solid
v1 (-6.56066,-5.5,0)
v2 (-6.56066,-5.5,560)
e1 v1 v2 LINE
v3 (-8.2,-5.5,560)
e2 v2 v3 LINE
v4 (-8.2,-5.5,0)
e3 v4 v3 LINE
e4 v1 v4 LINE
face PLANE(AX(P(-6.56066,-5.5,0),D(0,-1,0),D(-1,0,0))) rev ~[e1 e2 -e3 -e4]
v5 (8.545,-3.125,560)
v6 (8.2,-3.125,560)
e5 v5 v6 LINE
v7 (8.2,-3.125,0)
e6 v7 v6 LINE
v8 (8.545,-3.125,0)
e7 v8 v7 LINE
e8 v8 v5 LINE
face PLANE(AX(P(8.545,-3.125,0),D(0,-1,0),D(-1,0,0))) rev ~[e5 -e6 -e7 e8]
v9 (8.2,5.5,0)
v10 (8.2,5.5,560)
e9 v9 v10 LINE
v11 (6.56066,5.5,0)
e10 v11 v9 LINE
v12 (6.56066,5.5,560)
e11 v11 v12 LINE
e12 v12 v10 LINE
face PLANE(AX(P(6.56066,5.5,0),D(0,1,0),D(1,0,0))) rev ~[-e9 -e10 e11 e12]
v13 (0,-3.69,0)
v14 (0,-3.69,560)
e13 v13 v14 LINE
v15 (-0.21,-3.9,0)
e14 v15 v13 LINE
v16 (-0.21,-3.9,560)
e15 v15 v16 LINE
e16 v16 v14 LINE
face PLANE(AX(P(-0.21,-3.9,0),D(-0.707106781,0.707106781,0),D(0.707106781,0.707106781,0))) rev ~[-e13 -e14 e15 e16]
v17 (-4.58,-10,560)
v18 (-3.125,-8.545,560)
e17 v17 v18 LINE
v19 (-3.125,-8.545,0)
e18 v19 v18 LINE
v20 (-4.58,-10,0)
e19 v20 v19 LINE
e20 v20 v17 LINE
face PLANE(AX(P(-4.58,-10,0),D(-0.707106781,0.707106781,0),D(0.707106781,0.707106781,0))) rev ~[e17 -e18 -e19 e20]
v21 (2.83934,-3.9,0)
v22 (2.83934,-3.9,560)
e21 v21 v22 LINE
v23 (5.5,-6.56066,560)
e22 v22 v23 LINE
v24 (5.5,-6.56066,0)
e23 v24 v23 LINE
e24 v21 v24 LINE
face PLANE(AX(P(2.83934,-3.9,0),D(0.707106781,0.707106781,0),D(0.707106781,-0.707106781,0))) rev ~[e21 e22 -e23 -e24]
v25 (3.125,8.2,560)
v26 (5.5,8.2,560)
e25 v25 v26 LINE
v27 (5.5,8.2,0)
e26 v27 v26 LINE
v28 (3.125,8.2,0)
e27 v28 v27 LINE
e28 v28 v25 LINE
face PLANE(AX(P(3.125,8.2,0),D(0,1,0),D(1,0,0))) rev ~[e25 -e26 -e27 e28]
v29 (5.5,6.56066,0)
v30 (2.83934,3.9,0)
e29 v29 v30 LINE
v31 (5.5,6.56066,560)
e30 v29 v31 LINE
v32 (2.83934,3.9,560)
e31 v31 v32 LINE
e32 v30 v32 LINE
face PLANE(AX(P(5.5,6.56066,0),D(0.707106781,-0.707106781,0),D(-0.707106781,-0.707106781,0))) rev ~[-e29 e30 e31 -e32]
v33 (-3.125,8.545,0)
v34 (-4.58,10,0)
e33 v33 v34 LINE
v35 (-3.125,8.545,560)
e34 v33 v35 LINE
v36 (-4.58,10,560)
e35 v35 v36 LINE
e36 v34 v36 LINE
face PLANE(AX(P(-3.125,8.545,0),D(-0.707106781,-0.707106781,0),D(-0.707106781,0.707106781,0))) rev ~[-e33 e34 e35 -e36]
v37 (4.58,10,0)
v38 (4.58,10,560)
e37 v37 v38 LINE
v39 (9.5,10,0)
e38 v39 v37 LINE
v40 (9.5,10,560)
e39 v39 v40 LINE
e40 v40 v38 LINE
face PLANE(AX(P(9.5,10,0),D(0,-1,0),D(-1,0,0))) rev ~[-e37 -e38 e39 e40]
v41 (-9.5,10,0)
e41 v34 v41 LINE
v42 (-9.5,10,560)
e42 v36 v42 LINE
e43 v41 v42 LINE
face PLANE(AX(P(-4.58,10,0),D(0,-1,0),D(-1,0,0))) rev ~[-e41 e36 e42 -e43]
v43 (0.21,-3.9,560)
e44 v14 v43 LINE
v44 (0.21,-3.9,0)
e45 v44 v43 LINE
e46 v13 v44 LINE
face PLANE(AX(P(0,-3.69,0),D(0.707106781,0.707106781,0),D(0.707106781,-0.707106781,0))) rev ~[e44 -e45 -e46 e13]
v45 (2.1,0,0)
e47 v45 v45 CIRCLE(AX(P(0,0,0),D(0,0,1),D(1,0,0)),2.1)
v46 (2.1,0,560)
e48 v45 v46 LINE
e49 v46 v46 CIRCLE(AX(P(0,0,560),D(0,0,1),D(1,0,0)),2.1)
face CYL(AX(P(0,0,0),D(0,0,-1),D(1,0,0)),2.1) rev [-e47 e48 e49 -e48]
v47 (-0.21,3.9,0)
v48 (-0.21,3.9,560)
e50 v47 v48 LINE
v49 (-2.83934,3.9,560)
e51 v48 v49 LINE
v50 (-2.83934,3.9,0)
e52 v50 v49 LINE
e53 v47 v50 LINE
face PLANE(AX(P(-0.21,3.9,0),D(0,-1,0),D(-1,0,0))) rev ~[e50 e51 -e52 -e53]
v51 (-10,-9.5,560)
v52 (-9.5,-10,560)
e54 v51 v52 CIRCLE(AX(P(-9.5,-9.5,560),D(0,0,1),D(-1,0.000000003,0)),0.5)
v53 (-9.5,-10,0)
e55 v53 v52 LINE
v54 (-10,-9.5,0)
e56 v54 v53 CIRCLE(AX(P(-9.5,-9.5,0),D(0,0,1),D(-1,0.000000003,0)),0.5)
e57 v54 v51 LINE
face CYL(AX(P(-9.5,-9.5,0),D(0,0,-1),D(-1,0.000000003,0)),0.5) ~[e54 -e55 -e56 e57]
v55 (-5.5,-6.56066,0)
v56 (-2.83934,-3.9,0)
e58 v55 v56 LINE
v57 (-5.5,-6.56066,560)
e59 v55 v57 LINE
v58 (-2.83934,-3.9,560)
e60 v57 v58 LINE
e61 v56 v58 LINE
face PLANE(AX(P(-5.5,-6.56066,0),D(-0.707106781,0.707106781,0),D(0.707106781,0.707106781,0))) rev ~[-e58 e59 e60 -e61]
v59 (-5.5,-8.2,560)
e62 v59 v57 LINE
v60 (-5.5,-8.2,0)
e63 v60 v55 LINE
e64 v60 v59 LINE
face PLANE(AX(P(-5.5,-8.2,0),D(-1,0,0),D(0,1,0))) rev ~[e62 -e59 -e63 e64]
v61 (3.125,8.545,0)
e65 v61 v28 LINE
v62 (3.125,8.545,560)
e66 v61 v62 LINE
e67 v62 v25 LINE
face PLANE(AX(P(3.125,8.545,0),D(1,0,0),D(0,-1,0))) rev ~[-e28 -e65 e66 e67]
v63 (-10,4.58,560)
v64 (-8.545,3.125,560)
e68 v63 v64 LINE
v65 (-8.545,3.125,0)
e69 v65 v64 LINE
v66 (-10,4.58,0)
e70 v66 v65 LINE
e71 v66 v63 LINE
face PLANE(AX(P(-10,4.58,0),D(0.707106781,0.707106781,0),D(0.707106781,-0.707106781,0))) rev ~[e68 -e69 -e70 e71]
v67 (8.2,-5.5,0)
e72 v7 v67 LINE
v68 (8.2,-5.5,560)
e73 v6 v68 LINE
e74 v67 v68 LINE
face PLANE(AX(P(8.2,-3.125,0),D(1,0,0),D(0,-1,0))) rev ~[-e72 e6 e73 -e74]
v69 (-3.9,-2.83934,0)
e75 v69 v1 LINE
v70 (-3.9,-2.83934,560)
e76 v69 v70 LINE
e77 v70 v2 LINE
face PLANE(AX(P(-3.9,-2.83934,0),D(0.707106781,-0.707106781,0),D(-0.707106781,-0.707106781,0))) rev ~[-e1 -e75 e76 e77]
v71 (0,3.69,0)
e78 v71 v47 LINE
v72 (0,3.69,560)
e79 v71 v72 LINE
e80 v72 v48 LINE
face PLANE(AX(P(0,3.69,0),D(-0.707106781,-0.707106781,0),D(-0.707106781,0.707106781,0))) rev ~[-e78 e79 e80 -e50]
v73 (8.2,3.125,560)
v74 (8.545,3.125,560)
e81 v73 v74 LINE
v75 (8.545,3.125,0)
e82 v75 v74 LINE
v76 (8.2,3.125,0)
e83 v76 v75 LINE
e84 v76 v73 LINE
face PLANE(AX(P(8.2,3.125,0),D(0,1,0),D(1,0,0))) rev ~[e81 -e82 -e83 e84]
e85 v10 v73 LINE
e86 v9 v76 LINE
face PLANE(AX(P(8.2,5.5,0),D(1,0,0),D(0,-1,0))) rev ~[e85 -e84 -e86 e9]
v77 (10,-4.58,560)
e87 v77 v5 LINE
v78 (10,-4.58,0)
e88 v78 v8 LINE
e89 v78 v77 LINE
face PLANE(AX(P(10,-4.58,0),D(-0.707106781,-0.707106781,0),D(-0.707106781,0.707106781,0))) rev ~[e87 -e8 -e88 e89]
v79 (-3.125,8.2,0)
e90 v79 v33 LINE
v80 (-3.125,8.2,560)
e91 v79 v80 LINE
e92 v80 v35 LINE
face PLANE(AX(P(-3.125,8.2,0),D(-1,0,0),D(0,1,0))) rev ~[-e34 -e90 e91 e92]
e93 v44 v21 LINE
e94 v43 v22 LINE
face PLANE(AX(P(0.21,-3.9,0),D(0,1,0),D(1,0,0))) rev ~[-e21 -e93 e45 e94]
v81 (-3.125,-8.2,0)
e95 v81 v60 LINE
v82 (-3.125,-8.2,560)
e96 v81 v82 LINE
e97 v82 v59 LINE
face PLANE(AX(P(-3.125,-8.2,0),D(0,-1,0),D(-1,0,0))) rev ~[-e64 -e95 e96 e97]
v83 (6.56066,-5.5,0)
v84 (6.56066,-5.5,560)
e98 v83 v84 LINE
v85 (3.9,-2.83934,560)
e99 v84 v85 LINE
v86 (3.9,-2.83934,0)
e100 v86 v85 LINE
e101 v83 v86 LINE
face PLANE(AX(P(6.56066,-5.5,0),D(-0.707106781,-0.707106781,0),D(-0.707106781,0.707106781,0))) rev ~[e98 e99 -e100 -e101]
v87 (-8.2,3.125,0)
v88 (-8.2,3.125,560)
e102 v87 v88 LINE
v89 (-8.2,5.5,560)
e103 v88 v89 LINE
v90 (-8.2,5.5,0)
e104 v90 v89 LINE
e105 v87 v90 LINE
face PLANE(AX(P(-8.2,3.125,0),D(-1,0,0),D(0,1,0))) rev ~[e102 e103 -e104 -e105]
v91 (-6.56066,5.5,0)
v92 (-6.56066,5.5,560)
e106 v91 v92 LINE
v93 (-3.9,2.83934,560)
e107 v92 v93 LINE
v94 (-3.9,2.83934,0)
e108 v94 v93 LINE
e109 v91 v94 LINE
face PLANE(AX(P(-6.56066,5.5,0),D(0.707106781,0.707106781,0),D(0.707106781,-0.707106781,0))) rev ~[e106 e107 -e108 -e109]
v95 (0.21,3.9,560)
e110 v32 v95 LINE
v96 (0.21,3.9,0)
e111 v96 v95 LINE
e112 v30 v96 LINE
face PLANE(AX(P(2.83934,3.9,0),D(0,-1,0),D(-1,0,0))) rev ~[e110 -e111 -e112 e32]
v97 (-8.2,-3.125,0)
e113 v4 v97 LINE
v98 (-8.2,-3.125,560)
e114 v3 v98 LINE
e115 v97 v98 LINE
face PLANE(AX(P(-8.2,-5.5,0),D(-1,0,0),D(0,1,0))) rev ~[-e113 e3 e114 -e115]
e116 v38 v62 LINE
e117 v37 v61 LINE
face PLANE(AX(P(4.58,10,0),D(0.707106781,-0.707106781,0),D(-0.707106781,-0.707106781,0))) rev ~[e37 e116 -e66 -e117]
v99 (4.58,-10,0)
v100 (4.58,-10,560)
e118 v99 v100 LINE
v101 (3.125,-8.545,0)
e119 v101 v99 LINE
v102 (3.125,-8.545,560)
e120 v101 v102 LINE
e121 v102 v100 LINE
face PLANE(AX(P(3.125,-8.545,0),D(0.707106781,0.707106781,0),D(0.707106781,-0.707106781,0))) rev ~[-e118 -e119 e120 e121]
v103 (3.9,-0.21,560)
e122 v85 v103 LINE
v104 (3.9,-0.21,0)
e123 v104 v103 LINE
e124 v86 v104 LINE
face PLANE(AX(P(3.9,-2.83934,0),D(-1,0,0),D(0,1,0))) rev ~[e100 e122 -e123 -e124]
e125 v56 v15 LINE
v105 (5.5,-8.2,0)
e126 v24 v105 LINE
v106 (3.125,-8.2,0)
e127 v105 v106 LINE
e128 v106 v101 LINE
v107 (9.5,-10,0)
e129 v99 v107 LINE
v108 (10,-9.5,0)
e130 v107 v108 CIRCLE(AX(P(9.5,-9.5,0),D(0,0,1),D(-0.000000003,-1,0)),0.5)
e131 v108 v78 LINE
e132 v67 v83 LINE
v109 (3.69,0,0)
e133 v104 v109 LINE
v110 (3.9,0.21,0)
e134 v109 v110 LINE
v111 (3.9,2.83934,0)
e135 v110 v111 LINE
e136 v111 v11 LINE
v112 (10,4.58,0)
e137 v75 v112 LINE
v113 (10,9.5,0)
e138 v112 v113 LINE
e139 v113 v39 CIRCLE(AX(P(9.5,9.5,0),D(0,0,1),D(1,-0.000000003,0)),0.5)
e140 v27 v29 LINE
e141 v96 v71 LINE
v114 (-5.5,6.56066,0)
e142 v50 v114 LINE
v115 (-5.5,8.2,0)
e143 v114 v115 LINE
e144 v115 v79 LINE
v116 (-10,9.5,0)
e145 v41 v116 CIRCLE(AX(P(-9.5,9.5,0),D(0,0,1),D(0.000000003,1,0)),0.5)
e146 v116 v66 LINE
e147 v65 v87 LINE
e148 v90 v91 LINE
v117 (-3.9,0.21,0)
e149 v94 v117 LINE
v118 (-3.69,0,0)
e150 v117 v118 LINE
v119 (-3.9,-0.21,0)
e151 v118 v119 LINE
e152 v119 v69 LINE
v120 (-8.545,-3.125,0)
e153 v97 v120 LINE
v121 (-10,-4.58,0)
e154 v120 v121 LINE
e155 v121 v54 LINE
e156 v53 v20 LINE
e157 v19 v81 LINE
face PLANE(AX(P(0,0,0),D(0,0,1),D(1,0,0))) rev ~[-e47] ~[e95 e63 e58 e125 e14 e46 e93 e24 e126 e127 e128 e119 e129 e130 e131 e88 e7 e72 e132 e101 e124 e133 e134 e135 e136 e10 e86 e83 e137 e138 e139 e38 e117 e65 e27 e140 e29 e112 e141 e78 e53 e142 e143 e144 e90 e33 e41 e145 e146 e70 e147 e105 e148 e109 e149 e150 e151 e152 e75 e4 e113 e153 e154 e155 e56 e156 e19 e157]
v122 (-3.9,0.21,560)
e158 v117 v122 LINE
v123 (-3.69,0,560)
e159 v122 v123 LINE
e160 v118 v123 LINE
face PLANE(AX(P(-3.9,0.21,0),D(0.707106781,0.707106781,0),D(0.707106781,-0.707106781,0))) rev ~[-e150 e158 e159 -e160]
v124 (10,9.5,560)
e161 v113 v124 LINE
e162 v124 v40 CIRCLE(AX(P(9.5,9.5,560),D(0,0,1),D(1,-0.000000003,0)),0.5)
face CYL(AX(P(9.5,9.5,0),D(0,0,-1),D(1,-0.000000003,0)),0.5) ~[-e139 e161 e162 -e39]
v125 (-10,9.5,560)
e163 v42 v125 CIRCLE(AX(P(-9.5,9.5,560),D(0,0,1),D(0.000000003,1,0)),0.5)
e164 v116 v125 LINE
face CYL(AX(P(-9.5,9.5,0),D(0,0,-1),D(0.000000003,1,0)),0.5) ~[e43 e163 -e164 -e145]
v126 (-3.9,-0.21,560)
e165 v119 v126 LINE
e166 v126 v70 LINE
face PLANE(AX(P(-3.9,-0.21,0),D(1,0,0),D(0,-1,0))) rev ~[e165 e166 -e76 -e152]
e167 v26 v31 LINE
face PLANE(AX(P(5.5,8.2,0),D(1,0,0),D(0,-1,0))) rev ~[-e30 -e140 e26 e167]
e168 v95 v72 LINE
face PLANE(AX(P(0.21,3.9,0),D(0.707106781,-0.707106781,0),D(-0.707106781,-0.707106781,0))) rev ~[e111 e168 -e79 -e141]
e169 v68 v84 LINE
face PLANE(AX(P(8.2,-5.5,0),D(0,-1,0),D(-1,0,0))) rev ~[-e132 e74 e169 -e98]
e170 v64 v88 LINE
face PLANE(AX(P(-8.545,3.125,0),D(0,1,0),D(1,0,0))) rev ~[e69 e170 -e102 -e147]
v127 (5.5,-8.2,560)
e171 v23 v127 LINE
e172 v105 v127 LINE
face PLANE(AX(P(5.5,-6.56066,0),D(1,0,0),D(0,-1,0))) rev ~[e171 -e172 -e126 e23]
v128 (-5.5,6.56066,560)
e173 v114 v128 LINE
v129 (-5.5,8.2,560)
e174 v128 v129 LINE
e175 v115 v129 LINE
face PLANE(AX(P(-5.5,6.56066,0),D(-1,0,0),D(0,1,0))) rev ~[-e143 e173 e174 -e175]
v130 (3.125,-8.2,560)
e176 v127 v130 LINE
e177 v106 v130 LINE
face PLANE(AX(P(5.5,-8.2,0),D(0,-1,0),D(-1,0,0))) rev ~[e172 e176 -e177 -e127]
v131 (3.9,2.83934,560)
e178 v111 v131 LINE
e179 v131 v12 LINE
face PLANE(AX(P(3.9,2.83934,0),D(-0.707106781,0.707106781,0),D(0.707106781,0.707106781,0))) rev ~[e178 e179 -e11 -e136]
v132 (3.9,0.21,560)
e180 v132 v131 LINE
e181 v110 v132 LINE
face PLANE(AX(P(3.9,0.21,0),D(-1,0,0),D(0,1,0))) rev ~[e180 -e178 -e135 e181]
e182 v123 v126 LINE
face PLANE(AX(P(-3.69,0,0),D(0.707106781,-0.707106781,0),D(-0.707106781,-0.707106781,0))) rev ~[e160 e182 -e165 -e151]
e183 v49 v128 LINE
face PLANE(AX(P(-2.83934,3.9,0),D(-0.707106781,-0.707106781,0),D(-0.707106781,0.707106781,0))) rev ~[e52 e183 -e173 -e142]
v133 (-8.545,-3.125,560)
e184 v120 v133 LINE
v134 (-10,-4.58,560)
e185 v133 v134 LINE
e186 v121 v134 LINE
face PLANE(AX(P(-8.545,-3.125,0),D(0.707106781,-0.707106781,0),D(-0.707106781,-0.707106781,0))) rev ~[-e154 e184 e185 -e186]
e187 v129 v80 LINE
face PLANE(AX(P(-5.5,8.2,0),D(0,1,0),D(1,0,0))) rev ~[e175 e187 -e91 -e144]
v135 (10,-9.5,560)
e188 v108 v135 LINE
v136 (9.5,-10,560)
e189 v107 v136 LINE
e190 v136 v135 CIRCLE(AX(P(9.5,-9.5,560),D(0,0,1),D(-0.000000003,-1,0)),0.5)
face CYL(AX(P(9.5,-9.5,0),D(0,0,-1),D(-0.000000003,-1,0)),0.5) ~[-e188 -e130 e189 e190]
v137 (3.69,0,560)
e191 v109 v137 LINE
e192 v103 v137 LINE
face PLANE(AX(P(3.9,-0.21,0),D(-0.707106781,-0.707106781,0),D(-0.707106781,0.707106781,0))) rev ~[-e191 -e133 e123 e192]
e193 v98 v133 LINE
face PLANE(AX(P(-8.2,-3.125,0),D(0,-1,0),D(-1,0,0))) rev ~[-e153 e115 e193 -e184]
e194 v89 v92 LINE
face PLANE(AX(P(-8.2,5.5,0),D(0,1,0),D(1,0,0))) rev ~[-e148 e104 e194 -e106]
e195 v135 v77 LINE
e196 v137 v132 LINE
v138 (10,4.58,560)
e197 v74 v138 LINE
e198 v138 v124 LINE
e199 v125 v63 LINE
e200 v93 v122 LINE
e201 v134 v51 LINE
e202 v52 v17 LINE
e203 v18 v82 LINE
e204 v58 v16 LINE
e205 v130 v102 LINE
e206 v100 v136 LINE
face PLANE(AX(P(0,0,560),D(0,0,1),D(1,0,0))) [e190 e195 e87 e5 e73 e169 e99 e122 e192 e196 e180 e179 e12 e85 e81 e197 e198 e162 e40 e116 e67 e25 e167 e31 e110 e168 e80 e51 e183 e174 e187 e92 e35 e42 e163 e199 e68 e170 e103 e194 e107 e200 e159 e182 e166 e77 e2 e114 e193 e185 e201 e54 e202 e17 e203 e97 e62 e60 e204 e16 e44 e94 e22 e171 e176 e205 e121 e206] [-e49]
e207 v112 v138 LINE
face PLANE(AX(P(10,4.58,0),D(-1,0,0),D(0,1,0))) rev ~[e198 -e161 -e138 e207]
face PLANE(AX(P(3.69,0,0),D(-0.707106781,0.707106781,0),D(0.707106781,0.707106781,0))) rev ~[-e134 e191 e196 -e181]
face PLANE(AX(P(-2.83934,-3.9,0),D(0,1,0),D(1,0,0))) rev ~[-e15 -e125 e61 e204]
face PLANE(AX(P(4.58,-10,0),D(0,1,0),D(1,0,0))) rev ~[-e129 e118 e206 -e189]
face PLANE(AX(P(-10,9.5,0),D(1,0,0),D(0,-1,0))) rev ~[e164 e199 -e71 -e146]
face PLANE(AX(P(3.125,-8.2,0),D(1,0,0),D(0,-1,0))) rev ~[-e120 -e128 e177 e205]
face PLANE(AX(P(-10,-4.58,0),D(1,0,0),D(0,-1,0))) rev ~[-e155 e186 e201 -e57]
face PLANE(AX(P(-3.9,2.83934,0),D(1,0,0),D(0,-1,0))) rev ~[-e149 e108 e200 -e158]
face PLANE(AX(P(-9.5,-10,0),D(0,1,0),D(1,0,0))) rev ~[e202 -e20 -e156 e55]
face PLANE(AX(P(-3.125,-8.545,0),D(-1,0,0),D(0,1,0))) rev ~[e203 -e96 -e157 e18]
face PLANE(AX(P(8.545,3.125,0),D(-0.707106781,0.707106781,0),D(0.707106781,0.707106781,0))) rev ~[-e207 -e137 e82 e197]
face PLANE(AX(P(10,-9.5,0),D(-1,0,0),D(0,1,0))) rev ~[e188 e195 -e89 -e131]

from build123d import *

# Parameters (mm, degrees)
SKETCH1_R           = 2.1
BOSS_EXTRUDE1_DEPTH = 560


with BuildPart() as part:
    # Sketch1 → Boss-Extrude1 (new body)
    with BuildSketch(Plane.XY):
        with BuildLine():
            Line((4.58, -10), (9.5, -10))
            ThreePointArc((9.5, -10), (9.853553391, -9.853553391), (10, -9.5))
            Line((10, -9.5), (10, -4.58))
            Line((10, -4.58), (8.545, -3.125))
            Line((8.545, -3.125), (8.2, -3.125))
            Line((8.2, -3.125), (8.2, -5.5))
            Line((8.2, -5.5), (6.560660172, -5.5))
            Line((6.560660172, -5.5), (3.9, -2.839339828))
            Line((3.9, -2.839339828), (3.9, -0.21))
            Line((3.9, -0.21), (3.69, 0))
            Line((3.69, 0), (3.9, 0.21))
            Line((3.9, 0.21), (3.9, 2.839339828))
            Line((3.9, 2.839339828), (6.560660172, 5.5))
            Line((6.560660172, 5.5), (8.2, 5.5))
            Line((8.2, 5.5), (8.2, 3.125))
            Line((8.2, 3.125), (8.545, 3.125))
            Line((8.545, 3.125), (10, 4.58))
            Line((10, 4.58), (10, 9.5))
            ThreePointArc((10, 9.5), (9.853553391, 9.853553391), (9.5, 10))
            Line((9.5, 10), (4.58, 10))
            Line((4.58, 10), (3.125, 8.545))
            Line((3.125, 8.545), (3.125, 8.2))
            Line((3.125, 8.2), (5.5, 8.2))
            Line((5.5, 8.2), (5.5, 6.560660172))
            Line((5.5, 6.560660172), (2.839339828, 3.9))
            Line((2.839339828, 3.9), (0.21, 3.9))
            Line((0.21, 3.9), (0, 3.69))
            Line((0, 3.69), (-0.21, 3.9))
            Line((-0.21, 3.9), (-2.839339828, 3.9))
            Line((-2.839339828, 3.9), (-5.5, 6.560660172))
            Line((-5.5, 6.560660172), (-5.5, 8.2))
            Line((-5.5, 8.2), (-3.125, 8.2))
            Line((-3.125, 8.2), (-3.125, 8.545))
            Line((-3.125, 8.545), (-4.58, 10))
            Line((-4.58, 10), (-9.5, 10))
            ThreePointArc((-9.5, 10), (-9.853553391, 9.853553391), (-10, 9.5))
            Line((-10, 9.5), (-10, 4.58))
            Line((-10, 4.58), (-8.545, 3.125))
            Line((-8.545, 3.125), (-8.2, 3.125))
            Line((-8.2, 3.125), (-8.2, 5.5))
            Line((-8.2, 5.5), (-6.560660172, 5.5))
            Line((-6.560660172, 5.5), (-3.9, 2.839339828))
            Line((-3.9, 2.839339828), (-3.9, 0.21))
            Line((-3.9, 0.21), (-3.69, 0))
            Line((-3.69, 0), (-3.9, -0.21))
            Line((-3.9, -0.21), (-3.9, -2.839339828))
            Line((-3.9, -2.839339828), (-6.560660172, -5.5))
            Line((-6.560660172, -5.5), (-8.2, -5.5))
            Line((-8.2, -5.5), (-8.2, -3.125))
            Line((-8.2, -3.125), (-8.545, -3.125))
            Line((-8.545, -3.125), (-10, -4.58))
            Line((-10, -4.58), (-10, -9.5))
            ThreePointArc((-10, -9.5), (-9.853553391, -9.853553391), (-9.5, -10))
            Line((-9.5, -10), (-4.58, -10))
            Line((-4.58, -10), (-3.125, -8.545))
            Line((-3.125, -8.545), (-3.125, -8.2))
            Line((-3.125, -8.2), (-5.5, -8.2))
            Line((-5.5, -8.2), (-5.5, -6.560660172))
            Line((-5.5, -6.560660172), (-2.839339828, -3.9))
            Line((-2.839339828, -3.9), (-0.21, -3.9))
            Line((-0.21, -3.9), (0, -3.69))
            Line((0, -3.69), (0.21, -3.9))
            Line((0.21, -3.9), (2.839339828, -3.9))
            Line((2.839339828, -3.9), (5.5, -6.560660172))
            Line((5.5, -6.560660172), (5.5, -8.2))
            Line((5.5, -8.2), (3.125, -8.2))
            Line((3.125, -8.2), (3.125, -8.545))
            Line((3.125, -8.545), (4.58, -10))
        make_face()
        Circle(SKETCH1_R, mode=Mode.SUBTRACT)
    extrude(amount=BOSS_EXTRUDE1_DEPTH)


solid = part.part
